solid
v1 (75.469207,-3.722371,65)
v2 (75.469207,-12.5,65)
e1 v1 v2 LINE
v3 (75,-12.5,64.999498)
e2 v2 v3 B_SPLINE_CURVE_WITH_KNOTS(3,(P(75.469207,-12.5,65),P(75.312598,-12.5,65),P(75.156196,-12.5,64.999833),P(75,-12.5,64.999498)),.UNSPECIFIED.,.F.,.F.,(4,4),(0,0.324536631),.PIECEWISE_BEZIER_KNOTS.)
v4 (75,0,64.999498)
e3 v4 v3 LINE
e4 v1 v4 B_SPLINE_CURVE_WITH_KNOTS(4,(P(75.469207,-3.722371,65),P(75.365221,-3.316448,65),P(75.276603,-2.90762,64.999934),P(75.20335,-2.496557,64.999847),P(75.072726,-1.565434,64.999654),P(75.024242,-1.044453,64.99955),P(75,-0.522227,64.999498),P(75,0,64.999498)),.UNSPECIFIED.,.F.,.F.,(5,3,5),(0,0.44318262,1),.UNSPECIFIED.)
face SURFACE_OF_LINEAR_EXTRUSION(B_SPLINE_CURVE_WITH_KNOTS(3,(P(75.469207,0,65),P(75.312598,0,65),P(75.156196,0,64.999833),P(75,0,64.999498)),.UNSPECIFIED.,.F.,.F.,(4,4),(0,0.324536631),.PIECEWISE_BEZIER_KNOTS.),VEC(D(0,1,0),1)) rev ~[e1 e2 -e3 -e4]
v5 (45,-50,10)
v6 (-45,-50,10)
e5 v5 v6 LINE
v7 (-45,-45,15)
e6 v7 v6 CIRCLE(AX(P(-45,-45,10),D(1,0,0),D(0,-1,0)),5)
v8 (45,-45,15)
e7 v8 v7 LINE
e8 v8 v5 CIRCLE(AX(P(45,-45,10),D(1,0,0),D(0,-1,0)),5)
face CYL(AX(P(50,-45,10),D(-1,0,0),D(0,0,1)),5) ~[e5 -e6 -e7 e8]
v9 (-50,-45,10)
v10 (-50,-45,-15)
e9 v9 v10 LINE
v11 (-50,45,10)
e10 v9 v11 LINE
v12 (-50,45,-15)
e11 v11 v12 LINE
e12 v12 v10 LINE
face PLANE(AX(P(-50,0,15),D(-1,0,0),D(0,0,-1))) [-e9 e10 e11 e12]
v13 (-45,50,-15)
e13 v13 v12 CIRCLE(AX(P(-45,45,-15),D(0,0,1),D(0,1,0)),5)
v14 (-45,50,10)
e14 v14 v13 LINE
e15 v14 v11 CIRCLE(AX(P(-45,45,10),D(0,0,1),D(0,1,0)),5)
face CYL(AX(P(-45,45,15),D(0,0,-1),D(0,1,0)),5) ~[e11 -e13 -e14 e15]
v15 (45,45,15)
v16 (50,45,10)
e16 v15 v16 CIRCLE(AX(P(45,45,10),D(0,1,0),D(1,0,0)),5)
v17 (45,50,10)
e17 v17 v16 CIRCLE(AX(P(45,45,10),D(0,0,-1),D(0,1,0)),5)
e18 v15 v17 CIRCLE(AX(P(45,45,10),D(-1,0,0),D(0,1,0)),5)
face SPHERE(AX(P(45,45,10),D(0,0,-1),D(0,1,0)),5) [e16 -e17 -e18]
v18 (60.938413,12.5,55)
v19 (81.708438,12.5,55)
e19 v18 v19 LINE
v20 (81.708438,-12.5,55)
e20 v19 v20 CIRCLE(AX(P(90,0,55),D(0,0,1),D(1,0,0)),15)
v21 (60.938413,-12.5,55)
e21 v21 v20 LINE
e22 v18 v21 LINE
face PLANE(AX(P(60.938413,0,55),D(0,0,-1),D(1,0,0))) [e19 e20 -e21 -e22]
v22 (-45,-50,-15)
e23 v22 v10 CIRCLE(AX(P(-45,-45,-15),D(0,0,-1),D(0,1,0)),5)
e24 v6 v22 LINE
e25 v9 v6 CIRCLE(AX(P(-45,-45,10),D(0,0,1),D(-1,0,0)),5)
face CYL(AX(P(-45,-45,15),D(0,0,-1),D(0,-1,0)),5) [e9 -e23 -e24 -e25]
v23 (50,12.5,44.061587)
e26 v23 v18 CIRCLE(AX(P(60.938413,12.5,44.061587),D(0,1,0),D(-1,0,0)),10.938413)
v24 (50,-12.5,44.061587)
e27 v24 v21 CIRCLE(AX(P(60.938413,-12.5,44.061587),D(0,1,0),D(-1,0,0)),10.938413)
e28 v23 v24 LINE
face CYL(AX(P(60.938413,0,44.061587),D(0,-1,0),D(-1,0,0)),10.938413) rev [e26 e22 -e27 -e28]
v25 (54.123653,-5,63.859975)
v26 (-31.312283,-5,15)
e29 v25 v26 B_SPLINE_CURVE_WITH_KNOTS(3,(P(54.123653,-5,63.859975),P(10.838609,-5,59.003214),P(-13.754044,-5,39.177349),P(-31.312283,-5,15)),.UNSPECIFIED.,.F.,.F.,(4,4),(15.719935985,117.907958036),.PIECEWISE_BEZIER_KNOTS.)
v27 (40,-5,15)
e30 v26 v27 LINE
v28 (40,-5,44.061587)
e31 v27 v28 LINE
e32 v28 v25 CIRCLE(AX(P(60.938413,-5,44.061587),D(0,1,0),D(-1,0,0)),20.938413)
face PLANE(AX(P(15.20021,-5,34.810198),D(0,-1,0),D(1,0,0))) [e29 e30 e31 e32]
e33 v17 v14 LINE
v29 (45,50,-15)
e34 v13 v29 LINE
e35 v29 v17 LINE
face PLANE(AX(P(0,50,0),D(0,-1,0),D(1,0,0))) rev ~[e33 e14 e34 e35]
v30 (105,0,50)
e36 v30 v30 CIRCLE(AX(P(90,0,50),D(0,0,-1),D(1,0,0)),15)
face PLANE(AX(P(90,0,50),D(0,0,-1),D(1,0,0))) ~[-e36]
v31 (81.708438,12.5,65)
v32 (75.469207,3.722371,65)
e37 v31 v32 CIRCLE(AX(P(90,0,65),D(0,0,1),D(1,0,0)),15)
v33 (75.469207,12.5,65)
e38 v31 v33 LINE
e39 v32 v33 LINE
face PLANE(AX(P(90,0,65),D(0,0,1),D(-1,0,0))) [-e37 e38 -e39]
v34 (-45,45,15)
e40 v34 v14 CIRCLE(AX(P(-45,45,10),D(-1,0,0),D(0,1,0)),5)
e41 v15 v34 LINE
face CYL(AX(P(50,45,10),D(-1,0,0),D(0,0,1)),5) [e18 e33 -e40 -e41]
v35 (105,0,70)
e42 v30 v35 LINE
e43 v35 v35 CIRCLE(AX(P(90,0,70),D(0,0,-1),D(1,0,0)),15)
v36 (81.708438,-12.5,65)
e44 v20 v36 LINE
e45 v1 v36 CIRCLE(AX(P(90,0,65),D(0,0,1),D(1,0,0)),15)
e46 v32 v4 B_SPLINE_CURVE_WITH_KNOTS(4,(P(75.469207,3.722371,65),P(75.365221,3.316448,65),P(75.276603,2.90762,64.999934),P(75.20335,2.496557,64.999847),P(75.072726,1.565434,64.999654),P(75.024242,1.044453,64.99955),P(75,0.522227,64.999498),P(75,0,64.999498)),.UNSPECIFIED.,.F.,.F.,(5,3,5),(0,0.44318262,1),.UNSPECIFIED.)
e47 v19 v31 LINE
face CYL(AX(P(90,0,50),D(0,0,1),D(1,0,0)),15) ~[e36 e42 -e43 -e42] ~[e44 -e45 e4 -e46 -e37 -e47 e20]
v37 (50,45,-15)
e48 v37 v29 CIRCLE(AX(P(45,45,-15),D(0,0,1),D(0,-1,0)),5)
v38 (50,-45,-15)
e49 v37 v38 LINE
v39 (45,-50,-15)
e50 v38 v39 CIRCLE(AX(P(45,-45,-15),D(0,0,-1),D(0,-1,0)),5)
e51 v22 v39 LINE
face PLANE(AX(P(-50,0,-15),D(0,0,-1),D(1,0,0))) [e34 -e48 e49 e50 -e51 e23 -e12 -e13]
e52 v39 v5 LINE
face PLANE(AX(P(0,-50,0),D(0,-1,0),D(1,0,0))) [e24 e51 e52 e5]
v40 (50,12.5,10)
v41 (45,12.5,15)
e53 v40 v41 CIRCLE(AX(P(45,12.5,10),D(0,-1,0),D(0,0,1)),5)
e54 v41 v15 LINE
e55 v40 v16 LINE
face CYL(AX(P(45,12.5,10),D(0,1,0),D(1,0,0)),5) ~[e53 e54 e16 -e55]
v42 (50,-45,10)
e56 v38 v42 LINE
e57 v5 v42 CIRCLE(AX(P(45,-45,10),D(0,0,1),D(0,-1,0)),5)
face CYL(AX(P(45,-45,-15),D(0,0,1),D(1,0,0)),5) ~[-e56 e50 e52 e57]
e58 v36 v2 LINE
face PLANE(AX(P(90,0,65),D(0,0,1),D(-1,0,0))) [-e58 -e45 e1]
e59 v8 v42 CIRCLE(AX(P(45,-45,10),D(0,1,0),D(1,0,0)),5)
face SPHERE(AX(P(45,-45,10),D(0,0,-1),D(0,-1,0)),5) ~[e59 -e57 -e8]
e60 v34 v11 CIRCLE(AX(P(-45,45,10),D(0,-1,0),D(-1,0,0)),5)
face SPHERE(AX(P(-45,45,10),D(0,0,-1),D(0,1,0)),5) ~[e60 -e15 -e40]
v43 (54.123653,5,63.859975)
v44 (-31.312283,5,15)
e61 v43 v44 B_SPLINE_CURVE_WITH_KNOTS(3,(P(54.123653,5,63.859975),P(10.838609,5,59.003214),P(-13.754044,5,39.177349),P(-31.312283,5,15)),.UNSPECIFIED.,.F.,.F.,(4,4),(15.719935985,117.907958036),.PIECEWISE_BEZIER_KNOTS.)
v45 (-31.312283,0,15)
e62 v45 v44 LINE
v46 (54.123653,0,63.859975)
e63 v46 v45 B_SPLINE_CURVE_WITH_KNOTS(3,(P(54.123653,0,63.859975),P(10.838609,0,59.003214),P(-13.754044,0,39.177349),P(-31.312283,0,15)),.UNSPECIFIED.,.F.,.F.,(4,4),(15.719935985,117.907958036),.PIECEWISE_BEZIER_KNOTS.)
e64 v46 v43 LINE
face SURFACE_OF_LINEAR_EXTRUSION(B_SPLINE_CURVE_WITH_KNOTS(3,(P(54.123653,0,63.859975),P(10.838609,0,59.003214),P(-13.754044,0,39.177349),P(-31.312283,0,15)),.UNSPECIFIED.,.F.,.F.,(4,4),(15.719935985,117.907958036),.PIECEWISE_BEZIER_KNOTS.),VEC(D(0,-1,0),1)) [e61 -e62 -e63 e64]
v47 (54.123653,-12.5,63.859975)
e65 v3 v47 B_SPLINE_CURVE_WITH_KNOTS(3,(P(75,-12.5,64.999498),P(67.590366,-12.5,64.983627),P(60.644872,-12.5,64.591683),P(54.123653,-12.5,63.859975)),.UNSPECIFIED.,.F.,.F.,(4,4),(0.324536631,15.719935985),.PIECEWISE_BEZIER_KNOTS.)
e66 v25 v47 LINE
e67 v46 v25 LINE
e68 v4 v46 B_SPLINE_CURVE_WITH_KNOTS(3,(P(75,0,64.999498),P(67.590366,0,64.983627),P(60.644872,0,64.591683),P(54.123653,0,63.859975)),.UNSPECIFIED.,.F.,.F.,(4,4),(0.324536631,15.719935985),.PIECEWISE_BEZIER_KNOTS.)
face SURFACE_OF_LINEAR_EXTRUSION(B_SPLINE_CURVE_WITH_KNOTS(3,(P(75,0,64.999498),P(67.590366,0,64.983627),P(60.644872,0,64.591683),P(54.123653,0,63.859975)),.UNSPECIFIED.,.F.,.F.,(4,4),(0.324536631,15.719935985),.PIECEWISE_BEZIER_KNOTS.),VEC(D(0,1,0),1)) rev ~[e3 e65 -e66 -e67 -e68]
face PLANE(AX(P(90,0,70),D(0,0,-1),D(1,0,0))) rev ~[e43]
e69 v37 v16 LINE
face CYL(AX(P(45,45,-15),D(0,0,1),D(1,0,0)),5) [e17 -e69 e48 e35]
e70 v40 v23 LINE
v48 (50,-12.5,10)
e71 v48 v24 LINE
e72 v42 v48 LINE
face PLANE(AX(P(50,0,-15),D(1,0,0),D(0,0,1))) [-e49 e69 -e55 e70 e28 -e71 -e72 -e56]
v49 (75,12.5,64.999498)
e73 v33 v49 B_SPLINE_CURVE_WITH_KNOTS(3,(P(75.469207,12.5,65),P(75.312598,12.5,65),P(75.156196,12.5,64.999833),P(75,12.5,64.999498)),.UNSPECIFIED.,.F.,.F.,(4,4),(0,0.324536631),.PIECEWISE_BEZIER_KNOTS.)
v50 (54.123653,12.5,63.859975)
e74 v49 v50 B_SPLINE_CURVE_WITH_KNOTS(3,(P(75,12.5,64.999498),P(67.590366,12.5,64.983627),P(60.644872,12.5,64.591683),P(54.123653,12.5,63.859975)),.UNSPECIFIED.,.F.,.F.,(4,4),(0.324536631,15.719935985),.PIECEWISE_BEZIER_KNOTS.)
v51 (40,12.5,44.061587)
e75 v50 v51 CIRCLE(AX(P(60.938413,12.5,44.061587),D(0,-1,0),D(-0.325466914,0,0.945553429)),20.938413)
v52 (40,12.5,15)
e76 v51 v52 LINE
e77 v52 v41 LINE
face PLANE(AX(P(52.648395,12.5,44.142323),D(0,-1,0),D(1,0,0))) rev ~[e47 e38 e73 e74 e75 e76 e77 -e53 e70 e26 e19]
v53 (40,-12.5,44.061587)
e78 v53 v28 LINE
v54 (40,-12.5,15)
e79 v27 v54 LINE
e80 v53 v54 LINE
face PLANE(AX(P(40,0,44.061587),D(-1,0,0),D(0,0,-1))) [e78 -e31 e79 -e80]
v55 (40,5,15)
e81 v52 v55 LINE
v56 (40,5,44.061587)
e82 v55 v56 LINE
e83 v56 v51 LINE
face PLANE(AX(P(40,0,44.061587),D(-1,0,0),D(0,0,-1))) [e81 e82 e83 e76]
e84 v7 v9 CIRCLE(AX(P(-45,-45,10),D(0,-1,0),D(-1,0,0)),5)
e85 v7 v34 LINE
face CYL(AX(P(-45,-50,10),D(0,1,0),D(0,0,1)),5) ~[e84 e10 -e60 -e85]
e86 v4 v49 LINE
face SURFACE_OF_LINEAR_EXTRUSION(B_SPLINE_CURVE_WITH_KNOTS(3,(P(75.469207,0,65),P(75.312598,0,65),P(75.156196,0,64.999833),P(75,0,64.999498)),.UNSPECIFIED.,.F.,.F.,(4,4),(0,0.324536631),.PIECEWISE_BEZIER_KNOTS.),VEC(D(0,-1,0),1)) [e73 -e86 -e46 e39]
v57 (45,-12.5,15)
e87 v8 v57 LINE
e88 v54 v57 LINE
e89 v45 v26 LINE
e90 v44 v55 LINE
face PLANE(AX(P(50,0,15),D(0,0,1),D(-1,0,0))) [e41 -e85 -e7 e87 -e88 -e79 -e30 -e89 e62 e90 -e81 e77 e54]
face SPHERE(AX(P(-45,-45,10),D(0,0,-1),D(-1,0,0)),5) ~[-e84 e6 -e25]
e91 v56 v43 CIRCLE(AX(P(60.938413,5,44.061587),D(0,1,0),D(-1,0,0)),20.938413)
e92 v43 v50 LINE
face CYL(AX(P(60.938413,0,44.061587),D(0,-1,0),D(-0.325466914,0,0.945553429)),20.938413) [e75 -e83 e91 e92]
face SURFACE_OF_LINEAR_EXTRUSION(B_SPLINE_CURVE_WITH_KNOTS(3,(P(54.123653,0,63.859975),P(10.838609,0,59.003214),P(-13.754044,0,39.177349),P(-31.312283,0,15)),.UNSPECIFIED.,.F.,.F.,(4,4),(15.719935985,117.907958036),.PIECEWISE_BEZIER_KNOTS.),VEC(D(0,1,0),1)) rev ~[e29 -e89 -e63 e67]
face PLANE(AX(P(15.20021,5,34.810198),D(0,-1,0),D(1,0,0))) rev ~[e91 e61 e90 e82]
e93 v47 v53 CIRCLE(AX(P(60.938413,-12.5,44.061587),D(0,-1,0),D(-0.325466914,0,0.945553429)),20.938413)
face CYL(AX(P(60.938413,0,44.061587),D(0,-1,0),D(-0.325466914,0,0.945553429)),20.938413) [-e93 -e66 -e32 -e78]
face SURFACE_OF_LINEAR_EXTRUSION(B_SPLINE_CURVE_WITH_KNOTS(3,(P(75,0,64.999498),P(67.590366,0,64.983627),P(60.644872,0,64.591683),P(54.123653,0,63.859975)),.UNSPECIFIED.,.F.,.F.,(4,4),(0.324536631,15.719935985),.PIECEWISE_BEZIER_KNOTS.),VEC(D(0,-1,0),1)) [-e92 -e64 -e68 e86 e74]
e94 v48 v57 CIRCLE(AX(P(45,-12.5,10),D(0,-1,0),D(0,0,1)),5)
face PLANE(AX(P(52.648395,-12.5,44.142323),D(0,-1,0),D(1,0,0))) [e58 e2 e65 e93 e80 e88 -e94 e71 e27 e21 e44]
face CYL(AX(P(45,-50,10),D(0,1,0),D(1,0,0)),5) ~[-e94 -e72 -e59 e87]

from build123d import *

# Parameters (mm, degrees)
F1_DEPTH = 50
F2_DEPTH = 12.5
F3_DEPTH = 5
F5_R     = 5


with BuildPart() as f1:
    # F0 (on Front) → F1 (new body, symmetric)
    with BuildSketch(Plane.XZ):
        Polygon((-31.3122831285, 15), (-50, 15), (-50, -15), (50, -15), (50, 15), (40, 15), align=None)
    extrude(amount=F1_DEPTH, both=True)

    # F0 (on Front) → F2 (join, symmetric)
    with BuildSketch(Plane.XZ):
        with BuildLine():
            Line((40, 44.0615866161), (40, 15))
            Line((40, 15), (50, 15))
            Line((50, 15), (50, 44.0615866161))
            ThreePointArc((50, 44.0615866161), (53.2037871047, 51.7962128953), (60.9384133839, 55))
            Line((60.9384133839, 55), (75, 55))
            Line((75, 55), (75, 64.9994979734))
            add(Edge.make_bspline(
                [(75, 64.9994979734), (67.590366239, 64.98362656), (60.6448722372, 64.59168303), (54.1236525971, 63.8599751984)],
                knots=[0.3245366314, 0.3245366314, 0.3245366314, 0.3245366314, 15.7199359846, 15.7199359846, 15.7199359846, 15.7199359846], degree=3))
            ThreePointArc((54.1236525971, 63.8599751984), (43.8927770875, 56.2214977294), (40, 44.0615866161))
        make_face()
        with BuildLine():
            add(Edge.make_bspline(
                [(75.469206692, 65), (75.3125979622, 65), (75.156195856, 64.9998325444), (75, 64.9994979734)],
                knots=[0, 0, 0, 0, 0.3245366314, 0.3245366314, 0.3245366314, 0.3245366314], degree=3))
            Line((75, 64.9994979734), (75, 55))
            Line((75, 55), (90, 55))
            Line((90, 55), (90, 65))
            Line((90, 65), (75.469206692, 65))
        make_face()
    extrude(amount=F2_DEPTH, both=True)

    # F0 (on Front) → F3 (join, symmetric)
    with BuildSketch(Plane.XZ):
        with BuildLine():
            add(Edge.make_bspline(
                [(54.1236525971, 63.8599751984), (10.8386087283, 59.0032141413), (-13.7540441275, 39.1773487702), (-31.3122831285, 15)],
                knots=[15.7199359846, 15.7199359846, 15.7199359846, 15.7199359846, 117.9079580362, 117.9079580362, 117.9079580362, 117.9079580362], degree=3))
            Line((-31.3122831285, 15), (40, 15))
            Line((40, 15), (40, 44.0615866161))
            ThreePointArc((40, 44.0615866161), (43.8927770875, 56.2214977294), (54.1236525971, 63.8599751984))
        make_face()
    extrude(amount=F3_DEPTH, both=True)

    # F0 (on Front) → F4 (revolve)
    with BuildSketch(Plane.XZ):
        Polygon((90, 65), (90, 55), (90, 50), (105, 50), (105, 70), (90, 70), align=None)
    revolve(axis=Axis((90, 0, 60), (0, 0, -1)))

    # F5
    f5_edges = [f1.edges().sort_by_distance(p)[0] for p in [
        (50, -50, 0),
        (-50, -50, 0),
        (50, 50, 0),
        (-50, 50, 0),
        (0, 50, 15),
        (-50, 0, 15),
        (0, -50, 15),
        (50, -31.25, 15),
        (50, 31.25, 15),
    ]]
    fillet(f5_edges, radius=F5_R)


solid = f1.part
